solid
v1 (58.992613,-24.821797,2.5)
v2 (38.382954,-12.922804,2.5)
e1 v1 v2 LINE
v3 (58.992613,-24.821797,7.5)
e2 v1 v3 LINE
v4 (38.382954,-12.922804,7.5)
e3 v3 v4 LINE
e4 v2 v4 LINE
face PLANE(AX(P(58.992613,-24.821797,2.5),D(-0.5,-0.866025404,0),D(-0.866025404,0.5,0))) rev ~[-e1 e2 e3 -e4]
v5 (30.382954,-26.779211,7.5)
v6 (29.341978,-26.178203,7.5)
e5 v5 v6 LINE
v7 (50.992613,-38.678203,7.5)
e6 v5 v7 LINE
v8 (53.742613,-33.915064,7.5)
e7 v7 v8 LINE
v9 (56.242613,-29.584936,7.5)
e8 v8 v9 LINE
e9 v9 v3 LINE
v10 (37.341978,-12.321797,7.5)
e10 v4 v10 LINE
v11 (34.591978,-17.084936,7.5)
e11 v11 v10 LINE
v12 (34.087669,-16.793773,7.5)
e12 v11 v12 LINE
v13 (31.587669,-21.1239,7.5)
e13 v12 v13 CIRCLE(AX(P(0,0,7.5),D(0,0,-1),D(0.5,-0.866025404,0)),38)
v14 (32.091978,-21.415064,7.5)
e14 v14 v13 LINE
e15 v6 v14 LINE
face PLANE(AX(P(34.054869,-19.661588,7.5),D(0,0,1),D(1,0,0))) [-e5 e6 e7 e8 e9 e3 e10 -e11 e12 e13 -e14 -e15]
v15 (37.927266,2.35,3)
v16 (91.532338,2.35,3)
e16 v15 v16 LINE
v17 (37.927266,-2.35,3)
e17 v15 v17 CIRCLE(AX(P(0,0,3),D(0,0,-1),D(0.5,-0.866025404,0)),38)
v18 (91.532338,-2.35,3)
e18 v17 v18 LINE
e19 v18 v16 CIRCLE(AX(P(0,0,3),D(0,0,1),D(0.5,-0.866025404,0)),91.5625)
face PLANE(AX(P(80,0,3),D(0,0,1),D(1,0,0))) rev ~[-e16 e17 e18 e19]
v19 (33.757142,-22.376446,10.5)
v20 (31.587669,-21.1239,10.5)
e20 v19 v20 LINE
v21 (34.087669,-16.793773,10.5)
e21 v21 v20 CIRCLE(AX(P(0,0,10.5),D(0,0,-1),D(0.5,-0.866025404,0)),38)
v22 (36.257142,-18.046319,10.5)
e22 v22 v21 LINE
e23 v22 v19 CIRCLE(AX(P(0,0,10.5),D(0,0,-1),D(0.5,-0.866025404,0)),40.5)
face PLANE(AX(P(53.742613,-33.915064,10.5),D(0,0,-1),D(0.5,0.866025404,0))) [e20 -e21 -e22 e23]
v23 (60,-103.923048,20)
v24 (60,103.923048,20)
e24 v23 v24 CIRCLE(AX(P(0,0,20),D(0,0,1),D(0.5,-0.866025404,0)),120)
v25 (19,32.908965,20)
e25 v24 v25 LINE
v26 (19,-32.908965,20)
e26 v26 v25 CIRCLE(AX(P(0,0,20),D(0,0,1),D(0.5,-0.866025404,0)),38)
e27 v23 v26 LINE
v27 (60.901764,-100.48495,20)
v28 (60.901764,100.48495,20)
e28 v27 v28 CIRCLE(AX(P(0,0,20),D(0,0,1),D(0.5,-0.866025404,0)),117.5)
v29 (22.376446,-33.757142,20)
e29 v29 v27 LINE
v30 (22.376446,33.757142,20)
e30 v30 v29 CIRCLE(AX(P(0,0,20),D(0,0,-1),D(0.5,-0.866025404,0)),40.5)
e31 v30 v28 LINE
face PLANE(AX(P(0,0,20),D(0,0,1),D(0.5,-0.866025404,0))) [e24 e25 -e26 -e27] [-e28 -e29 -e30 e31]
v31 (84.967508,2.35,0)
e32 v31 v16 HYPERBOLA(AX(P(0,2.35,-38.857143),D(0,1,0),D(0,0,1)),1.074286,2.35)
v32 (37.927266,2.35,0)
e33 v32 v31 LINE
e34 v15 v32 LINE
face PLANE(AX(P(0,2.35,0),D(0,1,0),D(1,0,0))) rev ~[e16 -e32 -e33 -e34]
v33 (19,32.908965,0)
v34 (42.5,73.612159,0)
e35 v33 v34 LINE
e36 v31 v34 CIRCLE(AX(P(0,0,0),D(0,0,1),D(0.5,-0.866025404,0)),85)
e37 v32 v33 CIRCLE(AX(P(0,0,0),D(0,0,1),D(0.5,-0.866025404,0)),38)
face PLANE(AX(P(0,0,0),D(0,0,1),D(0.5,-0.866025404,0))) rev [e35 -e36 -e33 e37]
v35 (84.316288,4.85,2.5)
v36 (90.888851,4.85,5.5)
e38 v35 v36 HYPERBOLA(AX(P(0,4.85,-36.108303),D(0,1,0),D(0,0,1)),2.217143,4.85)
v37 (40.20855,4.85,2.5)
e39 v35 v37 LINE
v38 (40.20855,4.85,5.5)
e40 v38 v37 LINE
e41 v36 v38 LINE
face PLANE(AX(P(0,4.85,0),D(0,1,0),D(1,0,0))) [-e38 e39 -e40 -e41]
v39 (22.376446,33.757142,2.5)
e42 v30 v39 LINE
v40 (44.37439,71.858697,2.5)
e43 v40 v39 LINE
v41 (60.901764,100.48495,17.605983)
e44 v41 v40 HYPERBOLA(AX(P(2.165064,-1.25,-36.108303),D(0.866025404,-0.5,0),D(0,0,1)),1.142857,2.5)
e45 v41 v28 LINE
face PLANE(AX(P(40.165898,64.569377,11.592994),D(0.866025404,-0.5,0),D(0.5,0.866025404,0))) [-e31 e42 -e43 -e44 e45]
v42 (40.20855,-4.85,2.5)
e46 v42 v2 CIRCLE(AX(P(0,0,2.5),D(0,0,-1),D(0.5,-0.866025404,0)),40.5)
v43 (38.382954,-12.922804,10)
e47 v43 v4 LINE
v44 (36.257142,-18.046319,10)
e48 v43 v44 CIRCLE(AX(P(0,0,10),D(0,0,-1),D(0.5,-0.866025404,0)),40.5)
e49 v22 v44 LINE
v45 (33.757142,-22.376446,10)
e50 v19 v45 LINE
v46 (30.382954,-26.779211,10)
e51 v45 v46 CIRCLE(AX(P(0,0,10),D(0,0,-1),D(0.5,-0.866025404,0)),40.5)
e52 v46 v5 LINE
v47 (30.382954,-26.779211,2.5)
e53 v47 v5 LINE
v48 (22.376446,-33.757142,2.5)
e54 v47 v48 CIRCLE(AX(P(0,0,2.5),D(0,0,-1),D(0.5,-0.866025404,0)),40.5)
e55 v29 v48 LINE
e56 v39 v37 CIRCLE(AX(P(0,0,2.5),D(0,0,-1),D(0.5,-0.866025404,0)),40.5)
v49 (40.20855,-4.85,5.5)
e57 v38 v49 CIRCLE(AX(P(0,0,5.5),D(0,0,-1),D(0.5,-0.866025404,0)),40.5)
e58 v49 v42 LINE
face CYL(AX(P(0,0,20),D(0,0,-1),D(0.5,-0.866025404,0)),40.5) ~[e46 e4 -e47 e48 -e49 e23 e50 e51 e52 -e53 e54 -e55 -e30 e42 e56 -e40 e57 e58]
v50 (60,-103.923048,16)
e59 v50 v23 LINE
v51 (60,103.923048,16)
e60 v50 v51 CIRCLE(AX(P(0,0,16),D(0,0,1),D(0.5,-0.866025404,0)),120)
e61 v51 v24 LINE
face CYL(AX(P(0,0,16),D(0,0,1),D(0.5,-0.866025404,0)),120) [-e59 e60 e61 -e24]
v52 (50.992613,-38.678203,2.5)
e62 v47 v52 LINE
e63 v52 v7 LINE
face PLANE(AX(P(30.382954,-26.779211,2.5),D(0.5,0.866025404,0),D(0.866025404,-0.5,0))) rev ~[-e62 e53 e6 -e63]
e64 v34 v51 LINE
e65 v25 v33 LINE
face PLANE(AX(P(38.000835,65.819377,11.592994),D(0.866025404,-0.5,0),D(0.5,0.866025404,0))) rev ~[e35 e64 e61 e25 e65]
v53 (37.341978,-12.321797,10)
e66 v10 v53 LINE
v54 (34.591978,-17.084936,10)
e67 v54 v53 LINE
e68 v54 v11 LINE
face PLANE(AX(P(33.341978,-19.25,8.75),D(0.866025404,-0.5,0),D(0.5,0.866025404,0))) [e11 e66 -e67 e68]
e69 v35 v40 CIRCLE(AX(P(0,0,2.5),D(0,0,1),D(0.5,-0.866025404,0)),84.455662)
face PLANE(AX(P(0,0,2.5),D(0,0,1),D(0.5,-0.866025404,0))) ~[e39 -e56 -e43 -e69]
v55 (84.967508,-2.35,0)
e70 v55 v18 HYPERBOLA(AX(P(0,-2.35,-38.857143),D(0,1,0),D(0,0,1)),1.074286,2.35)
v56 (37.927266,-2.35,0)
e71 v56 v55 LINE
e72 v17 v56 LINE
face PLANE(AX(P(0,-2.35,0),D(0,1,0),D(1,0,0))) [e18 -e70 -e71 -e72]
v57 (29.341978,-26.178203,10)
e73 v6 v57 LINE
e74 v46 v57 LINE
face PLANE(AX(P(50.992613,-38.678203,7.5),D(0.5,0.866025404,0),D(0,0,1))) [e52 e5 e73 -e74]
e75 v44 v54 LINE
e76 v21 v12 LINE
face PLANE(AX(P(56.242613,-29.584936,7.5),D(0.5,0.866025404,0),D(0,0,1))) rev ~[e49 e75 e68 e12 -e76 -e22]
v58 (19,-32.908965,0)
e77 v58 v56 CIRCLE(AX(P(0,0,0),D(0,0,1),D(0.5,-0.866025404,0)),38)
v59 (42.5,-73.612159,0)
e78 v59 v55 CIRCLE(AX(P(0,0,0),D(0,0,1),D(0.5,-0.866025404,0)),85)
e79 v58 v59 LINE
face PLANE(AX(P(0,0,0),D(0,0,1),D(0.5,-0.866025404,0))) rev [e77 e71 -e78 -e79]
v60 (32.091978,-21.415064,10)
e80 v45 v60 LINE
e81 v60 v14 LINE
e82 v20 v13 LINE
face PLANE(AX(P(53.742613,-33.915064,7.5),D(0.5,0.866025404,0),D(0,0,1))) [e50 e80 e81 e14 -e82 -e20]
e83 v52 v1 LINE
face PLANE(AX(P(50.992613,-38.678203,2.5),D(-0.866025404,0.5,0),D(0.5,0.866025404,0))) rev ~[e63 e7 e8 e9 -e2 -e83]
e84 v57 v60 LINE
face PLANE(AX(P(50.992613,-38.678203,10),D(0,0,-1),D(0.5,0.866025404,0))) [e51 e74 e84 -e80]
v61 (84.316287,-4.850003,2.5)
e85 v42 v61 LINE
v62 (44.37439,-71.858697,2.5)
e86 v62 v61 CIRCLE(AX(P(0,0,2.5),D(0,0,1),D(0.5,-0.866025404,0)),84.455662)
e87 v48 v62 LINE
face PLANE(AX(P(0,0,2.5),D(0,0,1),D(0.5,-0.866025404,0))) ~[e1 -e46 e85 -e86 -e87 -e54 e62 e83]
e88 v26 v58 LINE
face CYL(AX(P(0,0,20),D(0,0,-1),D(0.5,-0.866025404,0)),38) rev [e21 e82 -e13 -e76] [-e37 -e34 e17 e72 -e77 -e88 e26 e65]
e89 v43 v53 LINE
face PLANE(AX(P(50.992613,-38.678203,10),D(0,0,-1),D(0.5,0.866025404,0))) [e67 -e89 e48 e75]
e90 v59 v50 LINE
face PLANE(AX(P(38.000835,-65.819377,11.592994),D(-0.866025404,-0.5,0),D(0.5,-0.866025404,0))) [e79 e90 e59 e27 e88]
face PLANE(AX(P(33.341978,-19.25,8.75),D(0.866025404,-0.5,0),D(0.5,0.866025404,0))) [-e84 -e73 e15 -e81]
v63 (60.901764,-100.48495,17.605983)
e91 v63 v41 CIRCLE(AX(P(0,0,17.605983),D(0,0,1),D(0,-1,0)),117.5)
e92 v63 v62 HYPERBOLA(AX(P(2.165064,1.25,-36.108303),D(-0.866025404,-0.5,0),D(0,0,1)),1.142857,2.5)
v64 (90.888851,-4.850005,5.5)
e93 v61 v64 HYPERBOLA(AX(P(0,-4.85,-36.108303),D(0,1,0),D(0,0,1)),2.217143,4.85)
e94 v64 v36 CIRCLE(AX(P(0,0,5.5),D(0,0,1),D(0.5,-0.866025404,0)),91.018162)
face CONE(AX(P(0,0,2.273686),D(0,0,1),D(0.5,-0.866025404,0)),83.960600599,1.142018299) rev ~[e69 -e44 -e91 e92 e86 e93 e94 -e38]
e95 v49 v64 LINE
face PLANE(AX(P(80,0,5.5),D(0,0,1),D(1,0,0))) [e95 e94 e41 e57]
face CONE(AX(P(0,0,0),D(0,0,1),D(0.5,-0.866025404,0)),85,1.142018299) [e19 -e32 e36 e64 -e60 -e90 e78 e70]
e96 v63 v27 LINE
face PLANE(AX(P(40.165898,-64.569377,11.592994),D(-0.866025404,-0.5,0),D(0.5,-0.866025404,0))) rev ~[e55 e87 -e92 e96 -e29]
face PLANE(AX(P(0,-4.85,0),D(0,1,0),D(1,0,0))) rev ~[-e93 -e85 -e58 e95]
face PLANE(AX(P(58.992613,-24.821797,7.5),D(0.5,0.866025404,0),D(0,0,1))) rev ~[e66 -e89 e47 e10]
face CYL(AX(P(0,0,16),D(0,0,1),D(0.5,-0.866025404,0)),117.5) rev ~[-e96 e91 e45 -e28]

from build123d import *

# Parameters (mm, degrees)
F2_ANGLE_BACK = 60
F2_ANGLE      = 120
F3_W          = 160
F3_H          = 4.7
F4_DEPTH      = 3
F5_T          = -2.5
F7_DEPTH      = 5
F8_W          = 5
F8_H          = 3
F9_DEPTH      = 99.0080415552
F10_W         = 16
F10_H         = 2.5
F11_DEPTH     = 25


with BuildPart() as f2:
    # F0 (on Front) → F2 (revolve)
    with BuildSketch(Plane.XZ, mode=Mode.PRIVATE) as f2_sk:
        Polygon((38, 20), (38, 0), (85, 0), (120, 16), (120, 20), align=None)
    revolve(f2_sk.sketch.rotate(Axis((0, 0, 35.0643768907), (0, 0, 1)), -F2_ANGLE_BACK), axis=Axis((0, 0, 35.0643768907), (0, 0, 1)), revolution_arc=F2_ANGLE)

    # F3 (on Top) → F4 (cut)
    with BuildSketch(Plane.XY):
        with Locations((80, 0)):
            Rectangle(F3_W, F3_H)
    extrude(amount=F4_DEPTH, mode=Mode.SUBTRACT)

    # F5
    f5_openings = [f2.faces().sort_by_distance(p)[0] for p in [
        (71.198195, 0, 20),
    ]]
    offset(amount=F5_T, openings=f5_openings, kind=Kind.INTERSECTION)

    # F6 (on face) → F7 (join)
    with BuildSketch(Plane.XY.offset(2.5)):
        with BuildLine():
            ThreePointArc((30.3829536253, -26.7792107614), (35.0740288533, -20.25), (38.3829536253, -12.9228043008))
            Line((38.3829536253, -12.9228043008), (37.3419780457, -12.3217967697))
            Line((37.3419780457, -12.3217967697), (29.3419780457, -26.1782032303))
            Line((29.3419780457, -26.1782032303), (30.3829536253, -26.7792107614))
        make_face()
        with BuildLine():
            Line((58.9926131403, -24.8217967697), (38.3829536253, -12.9228043008))
            ThreePointArc((38.3829536253, -12.9228043008), (35.0740288533, -20.25), (30.3829536253, -26.7792107614))
            Line((30.3829536253, -26.7792107614), (50.9926131403, -38.6782032303))
            Line((50.9926131403, -38.6782032303), (58.9926131403, -24.8217967697))
        make_face()
    extrude(amount=F7_DEPTH)

    # F8 (on face) → F9 (cut, through all)
    with BuildSketch(Plane(origin=(54.9926131403, -31.75, 0), x_dir=(0.5, 0.8660254038, 0), z_dir=(0.8660254038, -0.5, 0))):
        with Locations((0, 9)):
            Rectangle(F8_W, F8_H)
    extrude(amount=-F9_DEPTH, mode=Mode.SUBTRACT)

    # F10 (on face) → F11 (cut)
    with BuildSketch(Plane(origin=(54.9926131403, -31.75, 0), x_dir=(0.5, 0.8660254038, 0), z_dir=(0.8660254038, -0.5, 0))):
        with Locations((0, 8.75)):
            Rectangle(F10_W, F10_H)
    extrude(amount=-F11_DEPTH, mode=Mode.SUBTRACT)


solid = f2.part
